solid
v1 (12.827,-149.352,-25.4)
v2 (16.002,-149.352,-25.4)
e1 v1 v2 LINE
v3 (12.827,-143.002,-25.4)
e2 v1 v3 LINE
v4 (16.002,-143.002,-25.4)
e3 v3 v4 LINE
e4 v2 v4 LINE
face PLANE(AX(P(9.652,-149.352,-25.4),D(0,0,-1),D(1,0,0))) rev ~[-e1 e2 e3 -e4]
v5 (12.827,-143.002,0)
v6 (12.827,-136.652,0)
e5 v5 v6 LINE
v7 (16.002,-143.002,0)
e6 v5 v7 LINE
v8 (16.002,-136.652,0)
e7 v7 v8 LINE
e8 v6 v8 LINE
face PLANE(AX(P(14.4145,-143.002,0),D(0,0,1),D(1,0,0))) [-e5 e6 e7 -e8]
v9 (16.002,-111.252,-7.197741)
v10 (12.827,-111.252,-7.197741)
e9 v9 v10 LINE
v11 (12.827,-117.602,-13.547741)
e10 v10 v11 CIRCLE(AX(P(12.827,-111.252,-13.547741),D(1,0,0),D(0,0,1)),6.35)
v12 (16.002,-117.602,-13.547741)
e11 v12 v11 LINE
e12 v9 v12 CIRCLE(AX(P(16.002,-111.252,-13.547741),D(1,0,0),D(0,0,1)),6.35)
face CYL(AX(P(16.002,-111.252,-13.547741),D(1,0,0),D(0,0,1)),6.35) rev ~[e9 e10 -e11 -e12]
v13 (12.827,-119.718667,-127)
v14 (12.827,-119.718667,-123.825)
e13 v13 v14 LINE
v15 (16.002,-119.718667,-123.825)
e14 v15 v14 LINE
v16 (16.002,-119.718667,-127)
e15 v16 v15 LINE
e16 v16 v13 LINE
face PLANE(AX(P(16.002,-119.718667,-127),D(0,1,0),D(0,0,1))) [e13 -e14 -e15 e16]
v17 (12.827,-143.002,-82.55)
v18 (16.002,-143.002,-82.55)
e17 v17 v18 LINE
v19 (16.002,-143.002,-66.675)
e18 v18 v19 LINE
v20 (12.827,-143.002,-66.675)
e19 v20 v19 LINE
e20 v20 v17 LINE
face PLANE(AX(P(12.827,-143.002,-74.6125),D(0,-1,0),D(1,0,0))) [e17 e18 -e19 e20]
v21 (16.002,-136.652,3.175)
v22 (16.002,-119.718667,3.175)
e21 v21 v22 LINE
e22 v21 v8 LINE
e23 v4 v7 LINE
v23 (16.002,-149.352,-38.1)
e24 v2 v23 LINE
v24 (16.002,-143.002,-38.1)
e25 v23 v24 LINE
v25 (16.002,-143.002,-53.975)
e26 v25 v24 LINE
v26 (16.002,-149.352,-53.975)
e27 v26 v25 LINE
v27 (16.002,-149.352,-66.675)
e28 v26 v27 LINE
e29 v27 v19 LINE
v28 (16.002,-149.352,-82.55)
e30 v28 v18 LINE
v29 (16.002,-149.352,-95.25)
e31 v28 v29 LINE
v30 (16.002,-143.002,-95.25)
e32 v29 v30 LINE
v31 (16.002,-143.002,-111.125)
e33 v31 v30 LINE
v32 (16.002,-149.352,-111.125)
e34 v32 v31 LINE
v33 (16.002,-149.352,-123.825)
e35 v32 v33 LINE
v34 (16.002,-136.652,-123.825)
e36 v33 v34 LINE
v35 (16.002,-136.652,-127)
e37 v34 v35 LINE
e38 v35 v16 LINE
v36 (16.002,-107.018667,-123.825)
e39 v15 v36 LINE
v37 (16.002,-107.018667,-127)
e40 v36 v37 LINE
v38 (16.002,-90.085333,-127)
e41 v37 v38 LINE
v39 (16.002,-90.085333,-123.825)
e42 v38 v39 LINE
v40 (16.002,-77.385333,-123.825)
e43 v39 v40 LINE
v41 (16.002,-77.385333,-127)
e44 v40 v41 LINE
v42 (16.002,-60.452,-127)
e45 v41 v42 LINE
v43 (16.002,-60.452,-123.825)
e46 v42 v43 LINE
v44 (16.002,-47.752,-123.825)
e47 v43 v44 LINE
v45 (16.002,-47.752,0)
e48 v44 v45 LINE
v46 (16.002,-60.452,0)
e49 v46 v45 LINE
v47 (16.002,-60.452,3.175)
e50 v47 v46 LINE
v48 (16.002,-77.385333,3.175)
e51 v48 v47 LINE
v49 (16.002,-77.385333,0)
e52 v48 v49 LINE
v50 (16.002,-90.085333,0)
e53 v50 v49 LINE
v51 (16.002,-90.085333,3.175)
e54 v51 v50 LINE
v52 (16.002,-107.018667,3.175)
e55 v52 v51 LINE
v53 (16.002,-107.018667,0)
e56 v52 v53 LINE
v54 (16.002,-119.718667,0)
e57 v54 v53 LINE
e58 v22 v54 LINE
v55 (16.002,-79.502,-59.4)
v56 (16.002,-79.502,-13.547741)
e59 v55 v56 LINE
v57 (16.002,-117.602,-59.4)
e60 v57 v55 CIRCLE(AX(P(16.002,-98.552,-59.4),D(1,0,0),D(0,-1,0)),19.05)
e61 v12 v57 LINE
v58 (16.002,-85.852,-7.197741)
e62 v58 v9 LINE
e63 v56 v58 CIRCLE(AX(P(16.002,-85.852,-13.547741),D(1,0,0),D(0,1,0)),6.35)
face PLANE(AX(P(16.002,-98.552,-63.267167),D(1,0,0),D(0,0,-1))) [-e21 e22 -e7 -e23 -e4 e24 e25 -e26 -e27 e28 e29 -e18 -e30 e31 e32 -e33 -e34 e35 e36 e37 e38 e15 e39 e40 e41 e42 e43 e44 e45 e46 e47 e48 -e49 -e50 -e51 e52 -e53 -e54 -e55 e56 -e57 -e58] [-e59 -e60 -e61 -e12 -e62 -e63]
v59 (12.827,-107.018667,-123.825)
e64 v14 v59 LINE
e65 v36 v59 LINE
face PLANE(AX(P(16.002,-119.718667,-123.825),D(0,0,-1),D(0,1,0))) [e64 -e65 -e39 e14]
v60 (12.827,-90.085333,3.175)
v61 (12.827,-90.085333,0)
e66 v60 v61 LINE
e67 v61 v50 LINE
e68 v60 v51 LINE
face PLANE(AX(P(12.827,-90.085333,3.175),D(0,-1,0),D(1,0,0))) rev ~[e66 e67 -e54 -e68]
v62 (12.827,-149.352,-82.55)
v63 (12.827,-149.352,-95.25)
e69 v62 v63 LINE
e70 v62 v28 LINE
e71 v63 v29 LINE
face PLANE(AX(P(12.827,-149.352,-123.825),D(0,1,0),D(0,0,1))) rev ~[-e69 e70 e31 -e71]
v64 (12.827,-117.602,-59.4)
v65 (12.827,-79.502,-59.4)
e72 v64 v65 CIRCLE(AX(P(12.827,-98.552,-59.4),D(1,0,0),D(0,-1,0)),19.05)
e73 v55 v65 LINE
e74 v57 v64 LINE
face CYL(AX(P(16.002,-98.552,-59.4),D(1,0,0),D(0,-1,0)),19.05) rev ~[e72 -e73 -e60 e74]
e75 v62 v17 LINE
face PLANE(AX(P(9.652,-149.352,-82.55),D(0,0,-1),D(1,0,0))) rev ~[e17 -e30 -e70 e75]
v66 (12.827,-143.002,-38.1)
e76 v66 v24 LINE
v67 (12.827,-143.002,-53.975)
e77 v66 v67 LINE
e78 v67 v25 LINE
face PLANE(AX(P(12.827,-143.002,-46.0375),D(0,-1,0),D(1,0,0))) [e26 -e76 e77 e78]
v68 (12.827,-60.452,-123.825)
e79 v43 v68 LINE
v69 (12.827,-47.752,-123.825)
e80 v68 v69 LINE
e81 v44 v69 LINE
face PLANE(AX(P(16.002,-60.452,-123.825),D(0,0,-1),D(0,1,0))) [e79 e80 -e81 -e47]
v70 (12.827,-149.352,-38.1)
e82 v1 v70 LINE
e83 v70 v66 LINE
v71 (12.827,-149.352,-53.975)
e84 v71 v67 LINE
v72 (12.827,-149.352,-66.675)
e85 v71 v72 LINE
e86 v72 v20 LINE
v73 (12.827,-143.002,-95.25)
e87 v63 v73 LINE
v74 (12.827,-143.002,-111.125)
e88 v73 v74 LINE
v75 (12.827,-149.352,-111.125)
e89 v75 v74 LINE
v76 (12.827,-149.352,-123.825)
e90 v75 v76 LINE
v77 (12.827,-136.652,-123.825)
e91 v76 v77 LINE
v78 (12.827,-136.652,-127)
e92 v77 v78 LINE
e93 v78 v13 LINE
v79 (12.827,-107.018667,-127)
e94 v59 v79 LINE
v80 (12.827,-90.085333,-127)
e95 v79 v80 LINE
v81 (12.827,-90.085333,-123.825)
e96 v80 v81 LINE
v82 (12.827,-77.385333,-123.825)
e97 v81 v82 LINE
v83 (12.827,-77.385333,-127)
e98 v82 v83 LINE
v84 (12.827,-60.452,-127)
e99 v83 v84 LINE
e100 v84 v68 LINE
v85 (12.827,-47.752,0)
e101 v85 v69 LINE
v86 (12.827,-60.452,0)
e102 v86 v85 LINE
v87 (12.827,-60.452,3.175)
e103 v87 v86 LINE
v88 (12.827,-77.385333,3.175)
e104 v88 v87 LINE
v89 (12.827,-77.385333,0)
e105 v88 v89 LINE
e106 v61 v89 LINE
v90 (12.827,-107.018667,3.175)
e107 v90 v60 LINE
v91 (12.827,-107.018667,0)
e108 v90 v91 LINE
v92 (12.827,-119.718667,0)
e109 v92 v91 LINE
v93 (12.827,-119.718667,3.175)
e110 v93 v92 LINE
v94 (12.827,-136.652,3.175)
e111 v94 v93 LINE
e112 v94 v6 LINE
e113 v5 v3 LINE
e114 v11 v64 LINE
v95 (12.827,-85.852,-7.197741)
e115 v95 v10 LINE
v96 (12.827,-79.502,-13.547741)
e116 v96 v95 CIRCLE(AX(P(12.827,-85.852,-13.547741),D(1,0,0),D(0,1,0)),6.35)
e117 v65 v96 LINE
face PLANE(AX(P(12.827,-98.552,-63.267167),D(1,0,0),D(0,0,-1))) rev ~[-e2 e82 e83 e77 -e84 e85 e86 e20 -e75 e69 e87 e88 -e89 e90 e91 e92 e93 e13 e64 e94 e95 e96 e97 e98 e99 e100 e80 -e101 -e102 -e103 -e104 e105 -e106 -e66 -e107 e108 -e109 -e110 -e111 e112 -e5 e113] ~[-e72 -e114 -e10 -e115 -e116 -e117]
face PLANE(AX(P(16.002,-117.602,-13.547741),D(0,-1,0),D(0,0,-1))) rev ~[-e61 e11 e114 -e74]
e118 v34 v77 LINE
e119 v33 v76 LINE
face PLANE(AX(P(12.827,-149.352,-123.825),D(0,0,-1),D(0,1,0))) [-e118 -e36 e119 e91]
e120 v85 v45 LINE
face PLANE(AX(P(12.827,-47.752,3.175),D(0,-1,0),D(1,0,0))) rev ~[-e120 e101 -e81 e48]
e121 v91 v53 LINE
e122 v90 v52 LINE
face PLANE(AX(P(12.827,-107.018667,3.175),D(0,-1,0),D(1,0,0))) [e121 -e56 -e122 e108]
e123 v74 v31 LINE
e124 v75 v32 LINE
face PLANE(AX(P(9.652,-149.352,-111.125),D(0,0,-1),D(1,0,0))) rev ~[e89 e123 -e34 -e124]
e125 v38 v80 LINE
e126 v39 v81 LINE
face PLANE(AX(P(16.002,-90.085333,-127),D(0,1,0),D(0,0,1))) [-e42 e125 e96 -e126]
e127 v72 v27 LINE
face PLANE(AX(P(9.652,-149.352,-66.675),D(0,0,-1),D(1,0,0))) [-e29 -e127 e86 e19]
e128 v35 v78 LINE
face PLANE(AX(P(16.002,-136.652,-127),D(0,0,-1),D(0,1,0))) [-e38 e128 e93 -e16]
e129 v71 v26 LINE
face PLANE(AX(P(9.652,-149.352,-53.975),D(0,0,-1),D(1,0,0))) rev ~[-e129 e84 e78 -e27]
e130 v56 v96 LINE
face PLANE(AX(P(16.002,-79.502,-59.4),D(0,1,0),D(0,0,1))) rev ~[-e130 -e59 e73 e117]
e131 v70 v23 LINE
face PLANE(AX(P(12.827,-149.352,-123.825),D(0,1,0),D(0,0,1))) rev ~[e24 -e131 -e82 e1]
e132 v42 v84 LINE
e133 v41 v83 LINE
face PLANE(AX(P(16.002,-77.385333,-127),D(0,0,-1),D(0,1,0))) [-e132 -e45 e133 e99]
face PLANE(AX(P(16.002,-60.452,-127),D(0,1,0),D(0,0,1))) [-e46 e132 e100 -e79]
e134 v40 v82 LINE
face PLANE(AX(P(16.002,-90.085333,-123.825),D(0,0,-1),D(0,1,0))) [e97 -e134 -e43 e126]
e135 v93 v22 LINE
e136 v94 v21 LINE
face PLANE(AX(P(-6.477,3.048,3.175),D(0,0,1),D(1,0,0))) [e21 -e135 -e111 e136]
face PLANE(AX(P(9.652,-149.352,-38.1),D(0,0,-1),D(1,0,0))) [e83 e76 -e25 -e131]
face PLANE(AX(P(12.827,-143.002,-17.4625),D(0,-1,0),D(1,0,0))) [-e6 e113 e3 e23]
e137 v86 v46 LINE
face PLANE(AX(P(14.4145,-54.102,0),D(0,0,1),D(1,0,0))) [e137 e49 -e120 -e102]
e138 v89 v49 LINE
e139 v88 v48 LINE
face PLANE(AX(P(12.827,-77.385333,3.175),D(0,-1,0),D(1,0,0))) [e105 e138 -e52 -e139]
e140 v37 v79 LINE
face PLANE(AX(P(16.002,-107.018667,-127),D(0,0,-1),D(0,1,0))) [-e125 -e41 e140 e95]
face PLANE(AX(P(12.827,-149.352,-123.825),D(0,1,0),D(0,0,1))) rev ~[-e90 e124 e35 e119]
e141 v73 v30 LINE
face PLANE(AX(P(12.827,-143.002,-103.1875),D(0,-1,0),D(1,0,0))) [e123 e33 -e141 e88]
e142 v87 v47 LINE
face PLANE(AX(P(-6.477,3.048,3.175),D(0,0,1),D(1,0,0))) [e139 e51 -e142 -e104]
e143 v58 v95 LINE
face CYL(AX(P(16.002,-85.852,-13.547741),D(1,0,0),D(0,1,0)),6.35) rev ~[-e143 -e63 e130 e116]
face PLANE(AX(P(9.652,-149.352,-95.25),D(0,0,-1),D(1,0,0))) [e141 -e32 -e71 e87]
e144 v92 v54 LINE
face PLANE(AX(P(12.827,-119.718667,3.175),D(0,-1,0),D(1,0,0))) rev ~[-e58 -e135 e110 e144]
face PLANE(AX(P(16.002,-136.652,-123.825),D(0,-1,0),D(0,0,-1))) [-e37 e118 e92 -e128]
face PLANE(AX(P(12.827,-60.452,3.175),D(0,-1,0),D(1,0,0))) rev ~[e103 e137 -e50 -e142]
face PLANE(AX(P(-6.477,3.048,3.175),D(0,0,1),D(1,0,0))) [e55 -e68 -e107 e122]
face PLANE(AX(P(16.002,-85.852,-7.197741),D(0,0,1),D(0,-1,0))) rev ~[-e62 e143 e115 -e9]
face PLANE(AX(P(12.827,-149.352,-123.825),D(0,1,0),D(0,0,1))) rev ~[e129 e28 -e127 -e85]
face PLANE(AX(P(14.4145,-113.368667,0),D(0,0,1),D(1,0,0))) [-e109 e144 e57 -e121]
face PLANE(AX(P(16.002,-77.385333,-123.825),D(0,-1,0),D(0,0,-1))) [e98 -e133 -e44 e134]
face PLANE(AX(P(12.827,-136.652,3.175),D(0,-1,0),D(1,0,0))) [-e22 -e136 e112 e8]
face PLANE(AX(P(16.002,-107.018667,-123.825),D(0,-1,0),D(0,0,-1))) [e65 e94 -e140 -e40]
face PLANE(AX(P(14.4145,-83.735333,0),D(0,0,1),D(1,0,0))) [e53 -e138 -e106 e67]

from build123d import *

# Parameters (mm, degrees)
SKETCH1_W               = 44.958
SKETCH1_H               = 304.8
BOSS_EXTRUDE1_DEPTH     = 3.175
BOSS_EXTRUDE2_DEPTH     = 3.175
SKETCH3_W               = 123.825
SKETCH3_H               = 6.35
BOSS_EXTRUDE3_DEPTH     = 41.783
SKETCH8_W               = 3.175
SKETCH8_H               = 213.451350416
CUT_EXTRUDE4_DEPTH      = 1
CUT_EXTRUDE4_DEPTH_BACK = 131.175
SKETCH6_W               = 3.175
SKETCH6_H               = 12.7
CUT_EXTRUDE5_DEPTH      = 3.175
SKETCH4_3_W             = 6.35
SKETCH4_3_H             = 15.875
SKETCH4_3_H_2           = 5.588
SKETCH4_3_H_3           = 7.112
CUT_EXTRUDE6_DEPTH      = 6.35
CUT_EXTRUDE7_DEPTH      = 4.175


with BuildPart() as part:
    # Sketch1 → Boss-Extrude1 (new body)
    with BuildSketch(Plane.XY):
        with Locations((-6.477, 3.048)):
            Rectangle(SKETCH1_W, SKETCH1_H)
        with BuildLine():
            Line((-3.302, 133.858), (-3.302, -143.002))
            Line((-3.302, -143.002), (3.302, -143.002))
            Line((3.302, -143.002), (3.302, 143.002))
            Line((3.302, 143.002), (-16.256, 143.002))
            Line((-16.256, 143.002), (-16.256, 136.398))
            Line((-16.256, 136.398), (-5.842, 136.398))
            ThreePointArc((-5.842, 136.398), (-4.045948776, 135.654051224), (-3.302, 133.858))
        make_face(mode=Mode.SUBTRACT)
    extrude(amount=BOSS_EXTRUDE1_DEPTH)

    # Sketch2 → Boss-Extrude2 (add)
    with BuildSketch(Plane(origin=(16.002, 0, 0), x_dir=(0, 0, -1), z_dir=(1, 0, 0))):
        Polygon((123.825, -47.752), (-3.175, -47.752), (-3.175, -149.352), (123.825, -149.352), (123.825, -136.652), (127, -136.652), (127, -119.718666667), (123.825, -119.718666667), (123.825, -107.018666667), (127, -107.018666667), (127, -90.085333333), (123.825, -90.085333333), (123.825, -77.385333333), (127, -77.385333333), (127, -60.452), (123.825, -60.452), align=None)
        with BuildLine():
            ThreePointArc((11.9, -106.092), (10.4, -107.592), (8.9, -106.092))
            Line((8.9, -106.092), (8.9, -101.012))
            ThreePointArc((8.9, -101.012), (10.4, -99.512), (11.9, -101.012))
            Line((11.9, -101.012), (11.9, -106.092))
        make_face(mode=Mode.SUBTRACT)
        with BuildLine():
            ThreePointArc((60.9, -106.092), (59.4, -107.592), (57.9, -106.092))
            Line((57.9, -106.092), (57.9, -101.012))
            ThreePointArc((57.9, -101.012), (59.4, -99.512), (60.9, -101.012))
            Line((60.9, -101.012), (60.9, -106.092))
        make_face(mode=Mode.SUBTRACT)
        with BuildLine():
            Line((8.9, -96.092), (8.9, -91.012))
            ThreePointArc((8.9, -91.012), (10.4, -89.512), (11.9, -91.012))
            Line((11.9, -91.012), (11.9, -96.092))
            ThreePointArc((11.9, -96.092), (10.4, -97.592), (8.9, -96.092))
        make_face(mode=Mode.SUBTRACT)
        with BuildLine():
            ThreePointArc((36.4, -101.092), (25.4, -112.092), (14.4, -101.092))
            Line((14.4, -101.092), (14.4, -96.012))
            ThreePointArc((14.4, -96.012), (25.4, -85.012), (36.4, -96.012))
            Line((36.4, -96.012), (36.4, -101.092))
        make_face(mode=Mode.SUBTRACT)
        with BuildLine():
            ThreePointArc((57.9, -91.012), (59.4, -89.512), (60.9, -91.012))
            Line((60.9, -91.012), (60.9, -96.092))
            ThreePointArc((60.9, -96.092), (59.4, -97.592), (57.9, -96.092))
            Line((57.9, -96.092), (57.9, -91.012))
        make_face(mode=Mode.SUBTRACT)
    extrude(amount=-BOSS_EXTRUDE2_DEPTH)

    # Sketch3 → Boss-Extrude3 (add)
    with BuildSketch(Plane.ZY.offset(-12.827)):
        with Locations((-61.9125, -146.177)):
            Rectangle(SKETCH3_W, SKETCH3_H)
    extrude(amount=BOSS_EXTRUDE3_DEPTH)

    # Sketch8 → Cut-Extrude4 (cut, two sides)
    with BuildSketch(Plane.XY.offset(3.175)) as cut_extrude4_sk:
        Polygon((-28.956, -149.352), (12.827, -149.352), (12.827, -47.752), (12.827, 155.448), (-28.956, 155.448), align=None)
        with BuildLine():
            Line((-16.256, 136.398), (-16.256, 143.002))
            Line((-16.256, 143.002), (3.302, 143.002))
            Line((3.302, 143.002), (3.302, -143.002))
            Line((3.302, -143.002), (-3.302, -143.002))
            Line((-3.302, -143.002), (-3.302, 133.858))
            ThreePointArc((-3.302, 133.858), (-4.045948776, 135.654051224), (-5.842, 136.398))
            Line((-5.842, 136.398), (-16.256, 136.398))
        make_face(mode=Mode.SUBTRACT)
        Polygon((-54.223542679, -149.352), (-28.956, -149.352), (-28.956, 155.448), (12.827, 155.448), (12.827, 165.699350416), (-54.223542679, 165.699350416), align=None)
        with Locations((14.4145, 58.973675208)):
            Rectangle(SKETCH8_W, SKETCH8_H)
    extrude(amount=CUT_EXTRUDE4_DEPTH, mode=Mode.SUBTRACT)
    extrude(cut_extrude4_sk.sketch, amount=-CUT_EXTRUDE4_DEPTH_BACK, mode=Mode.SUBTRACT)

    # Sketch6 → Cut-Extrude5 (cut)
    with BuildSketch(Plane.XY.offset(3.175)):
        with Locations((14.4145, -54.102)):
            Rectangle(SKETCH6_W, SKETCH6_H)
        with Locations((14.4145, -83.735333333)):
            Rectangle(SKETCH6_W, SKETCH6_H)
        with Locations((14.4145, -113.368666667)):
            Rectangle(SKETCH6_W, SKETCH6_H)
        with Locations((14.4145, -143.002)):
            Rectangle(SKETCH6_W, SKETCH6_H)
    extrude(amount=-CUT_EXTRUDE5_DEPTH, mode=Mode.SUBTRACT)

    # Sketch4_3 → Cut-Extrude6 (cut)
    with BuildSketch(Plane.XZ.offset(149.352)):
        with Locations((12.827, -103.1875)):
            Rectangle(SKETCH4_3_W, SKETCH4_3_H)
        with Locations((12.827, -74.6125)):
            Rectangle(SKETCH4_3_W, SKETCH4_3_H)
        with Locations((12.827, -46.0375)):
            Rectangle(SKETCH4_3_W, SKETCH4_3_H)
        with Locations((12.827, -17.4625)):
            Rectangle(SKETCH4_3_W, SKETCH4_3_H)
        with Locations((12.827, 0.381)):
            Rectangle(SKETCH4_3_W, SKETCH4_3_H_2)
        with Locations((12.827, -5.969)):
            Rectangle(SKETCH4_3_W, SKETCH4_3_H_3)
    extrude(amount=-CUT_EXTRUDE6_DEPTH, mode=Mode.SUBTRACT)

    # Sketch9 → Cut-Extrude7 (cut, through all)
    with BuildSketch(Plane(origin=(16.002, 0, 0), x_dir=(0, 0, -1), z_dir=(1, 0, 0))):
        with BuildLine():
            ThreePointArc((7.197741164, -98.552), (12.777356982, -85.081615818), (26.247741164, -79.502))
            Line((26.247741164, -79.502), (13.547741164, -79.502))
            ThreePointArc((13.547741164, -79.502), (9.057613103, -81.361871939), (7.197741164, -85.852))
            Line((7.197741164, -85.852), (7.197741164, -98.552))
        make_face()
        with BuildLine():
            ThreePointArc((26.247741164, -117.602), (12.777356982, -112.022384182), (7.197741164, -98.552))
            Line((7.197741164, -98.552), (7.197741164, -111.252))
            ThreePointArc((7.197741164, -111.252), (9.057613103, -115.742128061), (13.547741164, -117.602))
            Line((13.547741164, -117.602), (26.247741164, -117.602))
        make_face()
        with BuildLine():
            Line((59.4, -79.502), (26.247741164, -79.502))
            ThreePointArc((26.247741164, -79.502), (16.074520569, -82.445849537), (9.045492178, -90.367555619))
            ThreePointArc((9.045492178, -90.367555619), (7.665419684, -94.356785058), (7.197741164, -98.552))
            ThreePointArc((7.197741164, -98.552), (7.665419676, -102.747214908), (9.045492148, -106.736444318))
            ThreePointArc((9.045492148, -106.736444318), (16.07452054, -114.658150444), (26.247741164, -117.602))
            Line((26.247741164, -117.602), (59.4, -117.602))
            ThreePointArc((59.4, -117.602), (78.45, -98.552), (59.4, -79.502))
        make_face()
        with BuildLine():
            ThreePointArc((11.9, -106.092), (10.73033182, -107.555174935), (9.045492148, -106.736444318))
            ThreePointArc((9.045492148, -106.736444318), (8.936825065, -106.42233182), (8.9, -106.092))
            Line((8.9, -106.092), (8.9, -101.012))
            ThreePointArc((8.9, -101.012), (10.4, -99.512), (11.9, -101.012))
            Line((11.9, -101.012), (11.9, -106.092))
        make_face(mode=Mode.SUBTRACT)
        with BuildLine():
            ThreePointArc((14.4, -96.012), (25.4, -85.012), (36.4, -96.012))
            Line((36.4, -96.012), (36.4, -101.092))
            ThreePointArc((36.4, -101.092), (25.4, -112.092), (14.4, -101.092))
            Line((14.4, -101.092), (14.4, -96.012))
        make_face(mode=Mode.SUBTRACT)
        with BuildLine():
            Line((60.9, -101.012), (60.9, -106.092))
            ThreePointArc((60.9, -106.092), (59.4, -107.592), (57.9, -106.092))
            Line((57.9, -106.092), (57.9, -101.012))
            ThreePointArc((57.9, -101.012), (59.4, -99.512), (60.9, -101.012))
        make_face(mode=Mode.SUBTRACT)
        with BuildLine():
            ThreePointArc((8.9, -91.012), (8.936825073, -90.681668146), (9.045492178, -90.367555619))
            ThreePointArc((9.045492178, -90.367555619), (10.730331854, -89.548825073), (11.9, -91.012))
            Line((11.9, -91.012), (11.9, -96.092))
            ThreePointArc((11.9, -96.092), (10.4, -97.592), (8.9, -96.092))
            Line((8.9, -96.092), (8.9, -91.012))
        make_face(mode=Mode.SUBTRACT)
        with BuildLine():
            Line((60.9, -91.012), (60.9, -96.092))
            ThreePointArc((60.9, -96.092), (59.4, -97.592), (57.9, -96.092))
            Line((57.9, -96.092), (57.9, -91.012))
            ThreePointArc((57.9, -91.012), (59.4, -89.512), (60.9, -91.012))
        make_face(mode=Mode.SUBTRACT)
    extrude(amount=-CUT_EXTRUDE7_DEPTH, mode=Mode.SUBTRACT)


solid = part.part
